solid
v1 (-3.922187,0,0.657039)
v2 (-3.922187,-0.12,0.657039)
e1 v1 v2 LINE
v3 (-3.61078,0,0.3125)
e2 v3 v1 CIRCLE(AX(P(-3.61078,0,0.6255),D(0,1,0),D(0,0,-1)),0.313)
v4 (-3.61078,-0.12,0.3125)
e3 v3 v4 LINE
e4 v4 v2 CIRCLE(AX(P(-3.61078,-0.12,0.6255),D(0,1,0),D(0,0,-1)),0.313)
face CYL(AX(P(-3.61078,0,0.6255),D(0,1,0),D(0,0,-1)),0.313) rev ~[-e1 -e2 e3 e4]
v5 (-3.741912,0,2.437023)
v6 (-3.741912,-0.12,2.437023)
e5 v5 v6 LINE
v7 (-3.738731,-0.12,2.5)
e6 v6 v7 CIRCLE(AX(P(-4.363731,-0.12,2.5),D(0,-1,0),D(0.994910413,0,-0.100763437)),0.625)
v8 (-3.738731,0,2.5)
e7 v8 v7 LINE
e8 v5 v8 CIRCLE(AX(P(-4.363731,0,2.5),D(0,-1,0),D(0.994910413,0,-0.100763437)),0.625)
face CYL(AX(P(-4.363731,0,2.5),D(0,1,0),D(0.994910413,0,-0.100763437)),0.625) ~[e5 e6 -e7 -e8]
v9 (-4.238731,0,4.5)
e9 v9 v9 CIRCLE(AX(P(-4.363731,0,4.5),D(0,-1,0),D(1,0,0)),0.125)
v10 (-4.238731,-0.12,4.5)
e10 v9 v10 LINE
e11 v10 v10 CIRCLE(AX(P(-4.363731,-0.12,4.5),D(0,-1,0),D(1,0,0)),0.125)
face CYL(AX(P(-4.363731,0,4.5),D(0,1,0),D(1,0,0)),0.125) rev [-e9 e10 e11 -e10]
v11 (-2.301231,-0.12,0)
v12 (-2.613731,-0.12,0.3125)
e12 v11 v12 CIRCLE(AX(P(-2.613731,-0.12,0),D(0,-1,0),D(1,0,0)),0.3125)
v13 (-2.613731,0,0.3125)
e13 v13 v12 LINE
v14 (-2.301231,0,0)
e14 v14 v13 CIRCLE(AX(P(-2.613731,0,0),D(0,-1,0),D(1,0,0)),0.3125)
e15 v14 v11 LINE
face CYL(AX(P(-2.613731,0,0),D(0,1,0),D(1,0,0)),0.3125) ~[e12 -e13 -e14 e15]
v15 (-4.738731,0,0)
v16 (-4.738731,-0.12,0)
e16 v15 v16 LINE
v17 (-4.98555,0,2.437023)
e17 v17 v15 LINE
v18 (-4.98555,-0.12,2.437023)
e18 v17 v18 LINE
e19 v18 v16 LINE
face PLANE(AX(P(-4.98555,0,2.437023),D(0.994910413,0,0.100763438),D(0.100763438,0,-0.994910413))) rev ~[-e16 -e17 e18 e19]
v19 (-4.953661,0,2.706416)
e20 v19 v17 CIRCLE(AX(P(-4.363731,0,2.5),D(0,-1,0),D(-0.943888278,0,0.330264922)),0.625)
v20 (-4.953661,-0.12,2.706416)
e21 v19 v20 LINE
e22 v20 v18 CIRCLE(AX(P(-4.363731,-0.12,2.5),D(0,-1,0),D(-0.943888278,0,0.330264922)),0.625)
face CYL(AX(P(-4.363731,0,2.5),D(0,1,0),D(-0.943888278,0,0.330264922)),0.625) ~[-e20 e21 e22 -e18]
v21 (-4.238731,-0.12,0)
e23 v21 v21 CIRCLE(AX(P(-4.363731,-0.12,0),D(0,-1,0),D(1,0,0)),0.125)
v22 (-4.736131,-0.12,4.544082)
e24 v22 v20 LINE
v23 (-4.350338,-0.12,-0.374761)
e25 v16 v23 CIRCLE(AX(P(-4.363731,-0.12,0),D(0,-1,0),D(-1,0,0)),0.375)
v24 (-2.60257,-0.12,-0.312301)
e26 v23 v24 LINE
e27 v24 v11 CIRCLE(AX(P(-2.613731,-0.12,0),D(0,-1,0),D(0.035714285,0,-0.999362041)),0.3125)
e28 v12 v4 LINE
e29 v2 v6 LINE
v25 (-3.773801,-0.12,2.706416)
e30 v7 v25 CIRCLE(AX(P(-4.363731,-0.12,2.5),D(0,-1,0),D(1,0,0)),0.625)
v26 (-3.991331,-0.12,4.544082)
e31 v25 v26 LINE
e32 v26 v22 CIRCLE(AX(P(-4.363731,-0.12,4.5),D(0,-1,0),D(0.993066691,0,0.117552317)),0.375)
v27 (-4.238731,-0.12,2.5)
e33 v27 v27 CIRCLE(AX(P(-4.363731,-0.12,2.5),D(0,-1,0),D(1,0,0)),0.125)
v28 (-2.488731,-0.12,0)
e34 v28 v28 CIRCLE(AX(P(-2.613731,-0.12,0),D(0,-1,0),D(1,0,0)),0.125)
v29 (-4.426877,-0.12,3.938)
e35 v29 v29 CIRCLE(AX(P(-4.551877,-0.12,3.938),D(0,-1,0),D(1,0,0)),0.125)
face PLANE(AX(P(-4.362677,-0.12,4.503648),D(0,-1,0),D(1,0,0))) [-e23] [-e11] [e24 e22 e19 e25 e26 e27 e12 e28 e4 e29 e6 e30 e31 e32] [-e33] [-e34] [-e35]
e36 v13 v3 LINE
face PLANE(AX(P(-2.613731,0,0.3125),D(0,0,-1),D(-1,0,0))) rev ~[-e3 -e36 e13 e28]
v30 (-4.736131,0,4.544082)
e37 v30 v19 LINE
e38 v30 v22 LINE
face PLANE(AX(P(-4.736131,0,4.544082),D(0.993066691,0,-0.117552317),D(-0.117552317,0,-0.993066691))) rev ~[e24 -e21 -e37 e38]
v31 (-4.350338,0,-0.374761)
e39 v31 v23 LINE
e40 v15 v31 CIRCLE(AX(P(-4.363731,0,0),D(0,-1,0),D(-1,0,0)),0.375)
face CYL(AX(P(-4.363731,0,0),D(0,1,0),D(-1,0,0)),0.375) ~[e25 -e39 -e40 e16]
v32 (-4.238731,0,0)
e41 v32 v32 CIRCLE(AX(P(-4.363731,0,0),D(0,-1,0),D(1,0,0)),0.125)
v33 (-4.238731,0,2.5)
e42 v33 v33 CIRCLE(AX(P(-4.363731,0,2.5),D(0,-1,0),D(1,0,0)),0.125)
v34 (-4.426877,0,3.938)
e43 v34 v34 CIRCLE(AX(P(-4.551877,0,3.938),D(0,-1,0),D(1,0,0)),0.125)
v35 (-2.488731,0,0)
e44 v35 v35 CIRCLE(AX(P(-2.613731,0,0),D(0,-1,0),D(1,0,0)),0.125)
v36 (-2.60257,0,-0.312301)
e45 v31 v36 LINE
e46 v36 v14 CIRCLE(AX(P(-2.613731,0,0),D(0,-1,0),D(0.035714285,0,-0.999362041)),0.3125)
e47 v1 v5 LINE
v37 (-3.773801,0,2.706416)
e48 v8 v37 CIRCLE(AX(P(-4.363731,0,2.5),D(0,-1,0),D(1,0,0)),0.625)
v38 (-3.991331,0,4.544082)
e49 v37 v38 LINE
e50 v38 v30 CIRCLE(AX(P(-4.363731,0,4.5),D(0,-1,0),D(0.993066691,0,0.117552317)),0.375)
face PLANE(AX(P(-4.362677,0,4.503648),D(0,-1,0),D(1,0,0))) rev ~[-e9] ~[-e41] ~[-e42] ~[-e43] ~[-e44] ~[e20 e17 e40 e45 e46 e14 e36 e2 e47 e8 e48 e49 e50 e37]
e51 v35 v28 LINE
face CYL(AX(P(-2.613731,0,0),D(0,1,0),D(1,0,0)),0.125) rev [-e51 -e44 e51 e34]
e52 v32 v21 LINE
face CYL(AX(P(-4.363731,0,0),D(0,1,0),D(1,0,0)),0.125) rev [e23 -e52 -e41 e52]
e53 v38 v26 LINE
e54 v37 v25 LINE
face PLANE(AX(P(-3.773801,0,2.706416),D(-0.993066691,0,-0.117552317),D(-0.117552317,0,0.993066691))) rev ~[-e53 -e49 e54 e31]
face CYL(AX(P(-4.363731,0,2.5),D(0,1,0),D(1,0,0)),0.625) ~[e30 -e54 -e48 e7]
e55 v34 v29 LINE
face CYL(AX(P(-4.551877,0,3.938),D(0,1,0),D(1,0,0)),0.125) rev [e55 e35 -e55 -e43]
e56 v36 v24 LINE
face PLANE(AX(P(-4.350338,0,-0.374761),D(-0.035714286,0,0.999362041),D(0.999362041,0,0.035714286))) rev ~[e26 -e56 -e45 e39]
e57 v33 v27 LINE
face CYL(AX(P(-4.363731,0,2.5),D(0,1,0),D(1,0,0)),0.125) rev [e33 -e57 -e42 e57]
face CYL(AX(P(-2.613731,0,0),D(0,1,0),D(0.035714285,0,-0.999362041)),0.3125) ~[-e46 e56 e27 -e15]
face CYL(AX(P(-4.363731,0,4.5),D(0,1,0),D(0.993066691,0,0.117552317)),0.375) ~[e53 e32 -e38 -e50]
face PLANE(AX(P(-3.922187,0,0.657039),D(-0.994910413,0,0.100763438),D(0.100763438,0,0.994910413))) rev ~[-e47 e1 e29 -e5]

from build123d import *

# Parameters (mm, degrees)
F0_R     = 0.125
F1_DEPTH = 0.12


with BuildPart() as f1:
    # F0 (on Front) → F1 (new body)
    with BuildSketch(Plane.XZ):
        with BuildLine():
            ThreePointArc((-4.7361309042, 4.544082119), (-4.3858102586, 4.125650562), (-3.9887308951, 4.5))
            ThreePointArc((-3.9887308951, 4.5), (-3.9893814572, 4.5220793635), (-3.991330886, 4.544082119))
            ThreePointArc((-3.991330886, 4.544082119), (-4.3637308951, 4.875), (-4.7361309042, 4.544082119))
        make_face()
        with Locations((-4.3637308951, 4.5)):
            Circle(F0_R, mode=Mode.SUBTRACT)
        with BuildLine():
            ThreePointArc((-3.991330886, 4.544082119), (-3.9893814572, 4.5220793635), (-3.9887308951, 4.5))
            ThreePointArc((-3.9887308951, 4.5), (-4.3858102586, 4.125650562), (-4.7361309042, 4.544082119))
            Line((-4.7361309042, 4.544082119), (-4.9536610689, 2.7064155762))
            ThreePointArc((-4.9536610689, 2.7064155762), (-4.3637308951, 3.125), (-3.7738007214, 2.7064155762))
            Line((-3.7738007214, 2.7064155762), (-3.991330886, 4.544082119))
        make_face()
        with Locations((-4.5518772677, 3.938)):
            Circle(F0_R, mode=Mode.SUBTRACT)
        with BuildLine():
            Line((-3.7419118871, 2.4370228512), (-3.7738007214, 2.7064155762))
            ThreePointArc((-3.7738007214, 2.7064155762), (-4.3637308951, 3.125), (-4.9536610689, 2.7064155762))
            Line((-4.9536610689, 2.7064155762), (-4.9855499031, 2.4370228512))
            ThreePointArc((-4.9855499031, 2.4370228512), (-4.3637308951, 1.875), (-3.7419118871, 2.4370228512))
        make_face()
        with Locations((-4.3637308951, 2.5)):
            Circle(F0_R, mode=Mode.SUBTRACT)
        with BuildLine():
            ThreePointArc((-3.7387308951, 2.5), (-3.7475607244, 2.6046867743), (-3.7738007214, 2.7064155762))
            Line((-3.7738007214, 2.7064155762), (-3.7419118871, 2.4370228512))
            ThreePointArc((-3.7419118871, 2.4370228512), (-3.7395266497, 2.468471283), (-3.7387308951, 2.5))
        make_face()
        with BuildLine():
            Line((-4.9855499031, 2.4370228512), (-4.9536610689, 2.7064155762))
            ThreePointArc((-4.9536610689, 2.7064155762), (-4.984397577, 2.5734701984), (-4.9855499031, 2.4370228512))
        make_face()
        with BuildLine():
            Line((-3.9221867085, 0.6570389561), (-3.7419118871, 2.4370228512))
            ThreePointArc((-3.7419118871, 2.4370228512), (-4.3637308951, 1.875), (-4.9855499031, 2.4370228512))
            Line((-4.9855499031, 2.4370228512), (-4.7387308951, 0))
            ThreePointArc((-4.7387308951, 0), (-4.3637308951, 0.375), (-3.9887308951, 0))
            ThreePointArc((-3.9887308951, 0), (-4.0938723012, -0.2603869031), (-4.350338038, -0.3747607655))
            Line((-4.350338038, -0.3747607655), (-2.6025701808, -0.3123006379))
            ThreePointArc((-2.6025701808, -0.3123006379), (-2.9261810506, -0.0055812474), (-2.6137308951, 0.3125))
            Line((-2.6137308951, 0.3125), (-3.6107797493, 0.3125))
            ThreePointArc((-3.6107797493, 0.3125), (-3.8429873001, 0.4156222895), (-3.9221867085, 0.6570389561))
        make_face()
        with BuildLine():
            ThreePointArc((-3.9887308951, 0), (-4.3637308951, 0.375), (-4.7387308951, 0))
            ThreePointArc((-4.7387308951, 0), (-4.6241177982, -0.2698585939), (-4.350338038, -0.3747607655))
            ThreePointArc((-4.350338038, -0.3747607655), (-4.0938723012, -0.2603869031), (-3.9887308951, 0))
        make_face()
        with Locations((-4.3637308951, 0)):
            Circle(F0_R, mode=Mode.SUBTRACT)
        with BuildLine():
            ThreePointArc((-2.3012308951, 0), (-2.392760026, 0.2209708691), (-2.6137308951, 0.3125))
            ThreePointArc((-2.6137308951, 0.3125), (-2.9261810506, -0.0055812474), (-2.6025701808, -0.3123006379))
            ThreePointArc((-2.6025701808, -0.3123006379), (-2.3888487335, -0.2169890859), (-2.3012308951, 0))
        make_face()
        with Locations((-2.6137308951, 0)):
            Circle(F0_R, mode=Mode.SUBTRACT)
    extrude(amount=F1_DEPTH)


solid = f1.part
